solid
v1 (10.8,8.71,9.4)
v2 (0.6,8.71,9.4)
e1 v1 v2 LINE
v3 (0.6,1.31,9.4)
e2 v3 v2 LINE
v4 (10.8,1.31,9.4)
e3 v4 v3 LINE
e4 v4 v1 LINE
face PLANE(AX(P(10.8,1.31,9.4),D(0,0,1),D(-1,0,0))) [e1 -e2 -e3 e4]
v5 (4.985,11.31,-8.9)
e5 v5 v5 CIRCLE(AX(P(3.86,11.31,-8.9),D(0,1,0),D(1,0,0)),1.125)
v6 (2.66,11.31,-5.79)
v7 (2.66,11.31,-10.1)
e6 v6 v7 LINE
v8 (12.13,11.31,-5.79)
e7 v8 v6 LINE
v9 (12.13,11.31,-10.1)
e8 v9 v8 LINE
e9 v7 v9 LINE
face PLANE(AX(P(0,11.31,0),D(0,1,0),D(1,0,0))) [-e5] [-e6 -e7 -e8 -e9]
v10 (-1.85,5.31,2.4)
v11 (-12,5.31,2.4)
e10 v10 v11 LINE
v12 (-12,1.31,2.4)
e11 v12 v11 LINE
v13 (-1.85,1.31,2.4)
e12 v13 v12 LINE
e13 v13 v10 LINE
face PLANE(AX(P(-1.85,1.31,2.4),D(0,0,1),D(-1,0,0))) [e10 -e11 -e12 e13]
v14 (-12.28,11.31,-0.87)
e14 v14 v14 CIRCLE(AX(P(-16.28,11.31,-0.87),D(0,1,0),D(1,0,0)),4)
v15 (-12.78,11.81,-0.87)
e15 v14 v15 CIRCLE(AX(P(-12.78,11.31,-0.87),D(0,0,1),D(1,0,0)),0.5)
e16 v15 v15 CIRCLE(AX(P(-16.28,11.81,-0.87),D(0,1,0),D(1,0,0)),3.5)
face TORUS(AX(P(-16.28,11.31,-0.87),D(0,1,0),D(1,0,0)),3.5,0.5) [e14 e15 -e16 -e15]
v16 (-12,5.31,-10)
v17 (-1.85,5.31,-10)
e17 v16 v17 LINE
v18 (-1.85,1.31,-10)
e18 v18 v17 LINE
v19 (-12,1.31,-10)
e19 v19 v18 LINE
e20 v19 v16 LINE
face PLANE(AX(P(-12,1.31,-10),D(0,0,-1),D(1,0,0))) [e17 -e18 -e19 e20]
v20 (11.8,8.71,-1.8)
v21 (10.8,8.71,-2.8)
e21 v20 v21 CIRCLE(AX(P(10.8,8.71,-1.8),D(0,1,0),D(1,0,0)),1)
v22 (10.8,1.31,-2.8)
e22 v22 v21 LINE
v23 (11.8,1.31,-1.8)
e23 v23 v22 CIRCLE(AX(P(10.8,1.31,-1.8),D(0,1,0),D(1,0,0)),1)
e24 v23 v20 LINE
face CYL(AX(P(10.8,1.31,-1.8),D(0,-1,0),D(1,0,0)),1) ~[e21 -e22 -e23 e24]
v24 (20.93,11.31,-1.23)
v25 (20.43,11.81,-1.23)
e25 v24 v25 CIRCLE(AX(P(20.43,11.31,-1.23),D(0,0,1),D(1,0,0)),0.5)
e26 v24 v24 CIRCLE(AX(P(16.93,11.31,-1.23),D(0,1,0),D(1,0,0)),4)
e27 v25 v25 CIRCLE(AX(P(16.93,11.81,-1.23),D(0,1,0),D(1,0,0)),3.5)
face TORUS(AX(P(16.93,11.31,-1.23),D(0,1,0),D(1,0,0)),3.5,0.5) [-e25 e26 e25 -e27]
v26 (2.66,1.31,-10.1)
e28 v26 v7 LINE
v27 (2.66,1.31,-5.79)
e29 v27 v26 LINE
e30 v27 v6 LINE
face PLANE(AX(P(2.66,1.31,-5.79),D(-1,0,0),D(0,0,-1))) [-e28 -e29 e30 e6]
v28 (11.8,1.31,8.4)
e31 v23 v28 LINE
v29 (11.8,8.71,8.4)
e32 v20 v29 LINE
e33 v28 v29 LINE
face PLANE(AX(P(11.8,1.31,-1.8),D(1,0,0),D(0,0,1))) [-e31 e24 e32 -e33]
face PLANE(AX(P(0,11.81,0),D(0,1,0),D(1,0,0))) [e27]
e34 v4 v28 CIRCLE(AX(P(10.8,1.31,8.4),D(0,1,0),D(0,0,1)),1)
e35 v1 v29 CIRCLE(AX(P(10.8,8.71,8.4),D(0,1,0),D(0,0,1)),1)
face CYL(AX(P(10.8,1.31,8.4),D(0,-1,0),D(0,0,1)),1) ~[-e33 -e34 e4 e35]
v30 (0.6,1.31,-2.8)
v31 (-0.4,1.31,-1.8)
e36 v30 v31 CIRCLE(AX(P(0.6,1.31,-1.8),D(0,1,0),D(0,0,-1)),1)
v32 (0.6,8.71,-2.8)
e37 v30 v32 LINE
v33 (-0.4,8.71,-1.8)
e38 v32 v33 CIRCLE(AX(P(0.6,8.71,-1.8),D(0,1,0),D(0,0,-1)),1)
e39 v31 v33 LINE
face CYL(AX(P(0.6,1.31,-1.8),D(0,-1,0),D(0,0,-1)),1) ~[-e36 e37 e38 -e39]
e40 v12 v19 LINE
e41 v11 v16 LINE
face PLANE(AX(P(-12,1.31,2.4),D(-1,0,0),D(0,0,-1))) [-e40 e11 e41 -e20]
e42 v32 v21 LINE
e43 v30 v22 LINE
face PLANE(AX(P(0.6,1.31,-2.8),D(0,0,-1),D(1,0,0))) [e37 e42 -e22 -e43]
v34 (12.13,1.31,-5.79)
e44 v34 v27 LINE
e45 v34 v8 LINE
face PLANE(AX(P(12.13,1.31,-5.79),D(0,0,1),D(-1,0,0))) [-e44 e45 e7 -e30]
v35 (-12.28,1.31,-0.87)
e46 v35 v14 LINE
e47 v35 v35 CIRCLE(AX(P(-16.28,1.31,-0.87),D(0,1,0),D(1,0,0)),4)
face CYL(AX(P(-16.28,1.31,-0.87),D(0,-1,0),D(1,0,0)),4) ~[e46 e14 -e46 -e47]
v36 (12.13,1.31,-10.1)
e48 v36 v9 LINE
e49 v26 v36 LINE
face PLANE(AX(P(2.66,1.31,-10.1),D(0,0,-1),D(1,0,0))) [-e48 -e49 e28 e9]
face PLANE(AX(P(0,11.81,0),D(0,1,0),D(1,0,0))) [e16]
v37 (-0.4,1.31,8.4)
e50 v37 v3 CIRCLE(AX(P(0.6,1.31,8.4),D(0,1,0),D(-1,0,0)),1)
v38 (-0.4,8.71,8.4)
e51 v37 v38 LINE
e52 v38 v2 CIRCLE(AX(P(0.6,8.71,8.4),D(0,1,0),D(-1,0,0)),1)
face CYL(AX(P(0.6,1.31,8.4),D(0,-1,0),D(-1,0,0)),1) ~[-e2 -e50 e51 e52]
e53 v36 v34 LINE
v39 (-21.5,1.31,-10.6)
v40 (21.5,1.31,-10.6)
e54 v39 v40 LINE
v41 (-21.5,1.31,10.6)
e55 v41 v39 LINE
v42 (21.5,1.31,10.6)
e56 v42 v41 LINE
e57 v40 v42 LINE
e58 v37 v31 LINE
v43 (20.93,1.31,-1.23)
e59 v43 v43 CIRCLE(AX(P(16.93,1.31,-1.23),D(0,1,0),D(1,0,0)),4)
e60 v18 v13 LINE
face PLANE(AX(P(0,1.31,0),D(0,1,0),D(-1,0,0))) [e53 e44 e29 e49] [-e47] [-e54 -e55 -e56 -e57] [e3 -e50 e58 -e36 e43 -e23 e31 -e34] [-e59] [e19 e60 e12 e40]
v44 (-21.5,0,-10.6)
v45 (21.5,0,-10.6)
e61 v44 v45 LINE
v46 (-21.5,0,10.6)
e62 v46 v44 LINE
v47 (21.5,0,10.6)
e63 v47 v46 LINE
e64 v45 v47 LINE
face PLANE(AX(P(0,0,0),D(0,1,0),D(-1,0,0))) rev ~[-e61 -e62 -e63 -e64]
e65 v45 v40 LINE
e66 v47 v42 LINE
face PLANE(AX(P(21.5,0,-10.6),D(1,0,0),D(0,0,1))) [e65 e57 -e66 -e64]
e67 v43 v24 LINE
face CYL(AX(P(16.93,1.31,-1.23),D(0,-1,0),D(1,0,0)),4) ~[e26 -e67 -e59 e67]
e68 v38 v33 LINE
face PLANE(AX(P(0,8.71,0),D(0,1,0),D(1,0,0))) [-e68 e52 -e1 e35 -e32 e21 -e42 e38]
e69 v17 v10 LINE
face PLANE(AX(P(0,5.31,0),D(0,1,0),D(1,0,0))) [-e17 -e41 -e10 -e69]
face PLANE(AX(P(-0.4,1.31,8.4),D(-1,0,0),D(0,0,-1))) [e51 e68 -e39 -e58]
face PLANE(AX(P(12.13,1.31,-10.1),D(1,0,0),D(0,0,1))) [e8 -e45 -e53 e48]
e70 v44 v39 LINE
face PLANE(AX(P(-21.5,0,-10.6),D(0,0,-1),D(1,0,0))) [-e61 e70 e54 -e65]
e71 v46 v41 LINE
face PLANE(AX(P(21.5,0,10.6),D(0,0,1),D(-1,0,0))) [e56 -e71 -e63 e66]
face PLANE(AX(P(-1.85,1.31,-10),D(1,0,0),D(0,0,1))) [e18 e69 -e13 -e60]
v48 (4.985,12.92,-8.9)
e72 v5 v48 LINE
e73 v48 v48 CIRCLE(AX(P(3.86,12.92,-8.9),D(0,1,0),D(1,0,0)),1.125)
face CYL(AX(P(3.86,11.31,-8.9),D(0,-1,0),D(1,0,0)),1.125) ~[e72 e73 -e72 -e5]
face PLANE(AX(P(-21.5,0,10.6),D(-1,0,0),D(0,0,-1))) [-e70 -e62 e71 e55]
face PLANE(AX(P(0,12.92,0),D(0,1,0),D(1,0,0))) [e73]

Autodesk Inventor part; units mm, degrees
ref_plane "YZ Plane" through (0, 0, 0) normal (1, 0, 0) x (0, 1, 0)
ref_plane "XZ Plane" through (0, 0, 0) normal (0, 1, 0) x (-1, 0, 0)
ref_plane "XY Plane" through (0, 0, 0) normal (0, 0, 1) x (1, 0, 0)
sketch "Sketch1" plane through (0, 0, 0) normal (0, 1, 0) x (-1, 0, 0)
  line L0 (21.5, -10.6) -> (-21.5, -10.6)
  line L1 (-21.5, -10.6) -> (-21.5, 10.6)
  line L2 (-21.5, 10.6) -> (21.5, 10.6)
  line L3 (21.5, 10.6) -> (21.5, -10.6)
  point P0 (0, 0)
  dimension "d0" = 43
  dimension "d1" = 21.2
  dimension "d2" = 10.6
  dimension "d3" = 21.5
extrude "Extrusion1" add sketch "Sketch1" along normal blind 1.31
sketch "Sketch2" plane through (0, 1.31, 0) normal (0, 1, 0) x (1, 0, 0)
  line L0 (-12, 10) -> (-1.85, 10)
  line L1 (-1.85, 10) -> (-1.85, -2.4)
  line L2 (-1.85, -2.4) -> (-12, -2.4)
  line L3 (-12, -2.4) -> (-12, 10)
  line L4 (-21.5, -10.6) -> (21.5, -10.6) projected
  line L5 (-21.5, 10.6) -> (-21.5, -10.6) projected
  point P0 (0, 0)
  dimension "d6" = 12.4
  dimension "d7" = 10.15
  dimension "d8" = 8.2
  dimension "d9" = 9.5
extrude "Extrusion2" add sketch "Sketch2" along normal blind 4
sketch "Sketch3" plane through (0, 1.31, 0) normal (0, 1, 0) x (1, 0, 0)
  line L0 (0.6, 2.8) -> (10.8, 2.8)
  line L1 (11.8, 1.8) -> (11.8, -8.4)
  line L2 (10.8, -9.4) -> (0.6, -9.4)
  line L3 (-0.4, -8.4) -> (-0.4, 1.8)
  line L4 (-21.5, -10.6) -> (21.5, -10.6) projected
  line L5 (21.5, -10.6) -> (21.5, 10.6) projected
  arc A0 (0.6, 2.8) -> (-0.4, 1.8) centre (0.6, 1.8) ccw
  arc A1 (11.8, 1.8) -> (10.8, 2.8) centre (10.8, 1.8) ccw
  arc A2 (10.8, -9.4) -> (11.8, -8.4) centre (10.8, -8.4) ccw
  arc A3 (-0.4, -8.4) -> (0.6, -9.4) centre (0.6, -8.4) ccw
  point P0 (0, 0)
  dimension "d12" = 12.2
  dimension "d13" = 12.2
  dimension "d14" = 1.2
  dimension "d15" = 9.7
  dimension "d16" = 1
extrude "Extrusion3" add sketch "Sketch3" along normal blind 7.4
sketch "Sketch4" plane through (0, 1.31, 0) normal (0, 1, 0) x (1, 0, 0)
  line L0 (2.66, 10.1) -> (12.13, 10.1)
  line L1 (12.13, 10.1) -> (12.13, 5.79)
  line L2 (12.13, 5.79) -> (2.66, 5.79)
  line L3 (2.66, 5.79) -> (2.66, 10.1)
  line L4 (21.5, -10.6) -> (21.5, 10.6) projected
  line L5 (21.5, 10.6) -> (-21.5, 10.6) projected
  point P0 (0, 0)
  dimension "d19" = 4.31
  dimension "d20" = 9.47
  dimension "d21" = 9.37
  dimension "d22" = 0.5
extrude "Extrusion4" add sketch "Sketch4" along normal blind 10
sketch "Sketch5" plane through (0, 11.31, 0) normal (0, 1, 0) x (1, 0, 0)
  circle A0 centre (3.86, 8.9) radius 1.125
  line L0 (12.13, 10.1) -> (2.66, 10.1) projected
  line L1 (2.66, 10.1) -> (2.66, 5.79) projected
  point P0 (0, 0)
  point P1 (2.66, 9.2358)
  point P2 (2.66, 8.7642)
  point P3 (4.0958, 10.1)
  point P4 (3.6242, 10.1)
  dimension "d25" = 2.25
  dimension "d26" = 1.2
  dimension "d27" = 1.2
extrude "Extrusion5" add sketch "Sketch5" along normal blind 1.61
sketch "Sketch6" plane through (0, 1.31, 0) normal (0, 1, 0) x (1, 0, 0)
  circle A0 centre (-16.28, 0.87) radius 4
  circle A1 centre (16.93, 1.23) radius 4
  line L0 (-21.5, -10.6) -> (21.5, -10.6) projected
  line L1 (21.5, -10.6) -> (21.5, 10.6) projected
  line L2 (-21.5, 10.6) -> (-21.5, -10.6) projected
  point P0 (0, 0)
  dimension "d30" = 8
  dimension "d31" = 8
  dimension "d32" = 11.83
  dimension "d33" = 4.57
  dimension "d34" = 5.22
  dimension "d35" = 11.47
extrude "Extrusion6" add sketch "Sketch6" along normal blind 10.5
fillet "Fillet1" radius 0.5 2 edges at (12.93, 11.81, -1.23) (-20.28, 11.81, -0.87)
equation "\"d2\" = 0.5 * d1"
equation "\"d3\" = 0.5 * d0"
properties part number "Control and Power Box"
